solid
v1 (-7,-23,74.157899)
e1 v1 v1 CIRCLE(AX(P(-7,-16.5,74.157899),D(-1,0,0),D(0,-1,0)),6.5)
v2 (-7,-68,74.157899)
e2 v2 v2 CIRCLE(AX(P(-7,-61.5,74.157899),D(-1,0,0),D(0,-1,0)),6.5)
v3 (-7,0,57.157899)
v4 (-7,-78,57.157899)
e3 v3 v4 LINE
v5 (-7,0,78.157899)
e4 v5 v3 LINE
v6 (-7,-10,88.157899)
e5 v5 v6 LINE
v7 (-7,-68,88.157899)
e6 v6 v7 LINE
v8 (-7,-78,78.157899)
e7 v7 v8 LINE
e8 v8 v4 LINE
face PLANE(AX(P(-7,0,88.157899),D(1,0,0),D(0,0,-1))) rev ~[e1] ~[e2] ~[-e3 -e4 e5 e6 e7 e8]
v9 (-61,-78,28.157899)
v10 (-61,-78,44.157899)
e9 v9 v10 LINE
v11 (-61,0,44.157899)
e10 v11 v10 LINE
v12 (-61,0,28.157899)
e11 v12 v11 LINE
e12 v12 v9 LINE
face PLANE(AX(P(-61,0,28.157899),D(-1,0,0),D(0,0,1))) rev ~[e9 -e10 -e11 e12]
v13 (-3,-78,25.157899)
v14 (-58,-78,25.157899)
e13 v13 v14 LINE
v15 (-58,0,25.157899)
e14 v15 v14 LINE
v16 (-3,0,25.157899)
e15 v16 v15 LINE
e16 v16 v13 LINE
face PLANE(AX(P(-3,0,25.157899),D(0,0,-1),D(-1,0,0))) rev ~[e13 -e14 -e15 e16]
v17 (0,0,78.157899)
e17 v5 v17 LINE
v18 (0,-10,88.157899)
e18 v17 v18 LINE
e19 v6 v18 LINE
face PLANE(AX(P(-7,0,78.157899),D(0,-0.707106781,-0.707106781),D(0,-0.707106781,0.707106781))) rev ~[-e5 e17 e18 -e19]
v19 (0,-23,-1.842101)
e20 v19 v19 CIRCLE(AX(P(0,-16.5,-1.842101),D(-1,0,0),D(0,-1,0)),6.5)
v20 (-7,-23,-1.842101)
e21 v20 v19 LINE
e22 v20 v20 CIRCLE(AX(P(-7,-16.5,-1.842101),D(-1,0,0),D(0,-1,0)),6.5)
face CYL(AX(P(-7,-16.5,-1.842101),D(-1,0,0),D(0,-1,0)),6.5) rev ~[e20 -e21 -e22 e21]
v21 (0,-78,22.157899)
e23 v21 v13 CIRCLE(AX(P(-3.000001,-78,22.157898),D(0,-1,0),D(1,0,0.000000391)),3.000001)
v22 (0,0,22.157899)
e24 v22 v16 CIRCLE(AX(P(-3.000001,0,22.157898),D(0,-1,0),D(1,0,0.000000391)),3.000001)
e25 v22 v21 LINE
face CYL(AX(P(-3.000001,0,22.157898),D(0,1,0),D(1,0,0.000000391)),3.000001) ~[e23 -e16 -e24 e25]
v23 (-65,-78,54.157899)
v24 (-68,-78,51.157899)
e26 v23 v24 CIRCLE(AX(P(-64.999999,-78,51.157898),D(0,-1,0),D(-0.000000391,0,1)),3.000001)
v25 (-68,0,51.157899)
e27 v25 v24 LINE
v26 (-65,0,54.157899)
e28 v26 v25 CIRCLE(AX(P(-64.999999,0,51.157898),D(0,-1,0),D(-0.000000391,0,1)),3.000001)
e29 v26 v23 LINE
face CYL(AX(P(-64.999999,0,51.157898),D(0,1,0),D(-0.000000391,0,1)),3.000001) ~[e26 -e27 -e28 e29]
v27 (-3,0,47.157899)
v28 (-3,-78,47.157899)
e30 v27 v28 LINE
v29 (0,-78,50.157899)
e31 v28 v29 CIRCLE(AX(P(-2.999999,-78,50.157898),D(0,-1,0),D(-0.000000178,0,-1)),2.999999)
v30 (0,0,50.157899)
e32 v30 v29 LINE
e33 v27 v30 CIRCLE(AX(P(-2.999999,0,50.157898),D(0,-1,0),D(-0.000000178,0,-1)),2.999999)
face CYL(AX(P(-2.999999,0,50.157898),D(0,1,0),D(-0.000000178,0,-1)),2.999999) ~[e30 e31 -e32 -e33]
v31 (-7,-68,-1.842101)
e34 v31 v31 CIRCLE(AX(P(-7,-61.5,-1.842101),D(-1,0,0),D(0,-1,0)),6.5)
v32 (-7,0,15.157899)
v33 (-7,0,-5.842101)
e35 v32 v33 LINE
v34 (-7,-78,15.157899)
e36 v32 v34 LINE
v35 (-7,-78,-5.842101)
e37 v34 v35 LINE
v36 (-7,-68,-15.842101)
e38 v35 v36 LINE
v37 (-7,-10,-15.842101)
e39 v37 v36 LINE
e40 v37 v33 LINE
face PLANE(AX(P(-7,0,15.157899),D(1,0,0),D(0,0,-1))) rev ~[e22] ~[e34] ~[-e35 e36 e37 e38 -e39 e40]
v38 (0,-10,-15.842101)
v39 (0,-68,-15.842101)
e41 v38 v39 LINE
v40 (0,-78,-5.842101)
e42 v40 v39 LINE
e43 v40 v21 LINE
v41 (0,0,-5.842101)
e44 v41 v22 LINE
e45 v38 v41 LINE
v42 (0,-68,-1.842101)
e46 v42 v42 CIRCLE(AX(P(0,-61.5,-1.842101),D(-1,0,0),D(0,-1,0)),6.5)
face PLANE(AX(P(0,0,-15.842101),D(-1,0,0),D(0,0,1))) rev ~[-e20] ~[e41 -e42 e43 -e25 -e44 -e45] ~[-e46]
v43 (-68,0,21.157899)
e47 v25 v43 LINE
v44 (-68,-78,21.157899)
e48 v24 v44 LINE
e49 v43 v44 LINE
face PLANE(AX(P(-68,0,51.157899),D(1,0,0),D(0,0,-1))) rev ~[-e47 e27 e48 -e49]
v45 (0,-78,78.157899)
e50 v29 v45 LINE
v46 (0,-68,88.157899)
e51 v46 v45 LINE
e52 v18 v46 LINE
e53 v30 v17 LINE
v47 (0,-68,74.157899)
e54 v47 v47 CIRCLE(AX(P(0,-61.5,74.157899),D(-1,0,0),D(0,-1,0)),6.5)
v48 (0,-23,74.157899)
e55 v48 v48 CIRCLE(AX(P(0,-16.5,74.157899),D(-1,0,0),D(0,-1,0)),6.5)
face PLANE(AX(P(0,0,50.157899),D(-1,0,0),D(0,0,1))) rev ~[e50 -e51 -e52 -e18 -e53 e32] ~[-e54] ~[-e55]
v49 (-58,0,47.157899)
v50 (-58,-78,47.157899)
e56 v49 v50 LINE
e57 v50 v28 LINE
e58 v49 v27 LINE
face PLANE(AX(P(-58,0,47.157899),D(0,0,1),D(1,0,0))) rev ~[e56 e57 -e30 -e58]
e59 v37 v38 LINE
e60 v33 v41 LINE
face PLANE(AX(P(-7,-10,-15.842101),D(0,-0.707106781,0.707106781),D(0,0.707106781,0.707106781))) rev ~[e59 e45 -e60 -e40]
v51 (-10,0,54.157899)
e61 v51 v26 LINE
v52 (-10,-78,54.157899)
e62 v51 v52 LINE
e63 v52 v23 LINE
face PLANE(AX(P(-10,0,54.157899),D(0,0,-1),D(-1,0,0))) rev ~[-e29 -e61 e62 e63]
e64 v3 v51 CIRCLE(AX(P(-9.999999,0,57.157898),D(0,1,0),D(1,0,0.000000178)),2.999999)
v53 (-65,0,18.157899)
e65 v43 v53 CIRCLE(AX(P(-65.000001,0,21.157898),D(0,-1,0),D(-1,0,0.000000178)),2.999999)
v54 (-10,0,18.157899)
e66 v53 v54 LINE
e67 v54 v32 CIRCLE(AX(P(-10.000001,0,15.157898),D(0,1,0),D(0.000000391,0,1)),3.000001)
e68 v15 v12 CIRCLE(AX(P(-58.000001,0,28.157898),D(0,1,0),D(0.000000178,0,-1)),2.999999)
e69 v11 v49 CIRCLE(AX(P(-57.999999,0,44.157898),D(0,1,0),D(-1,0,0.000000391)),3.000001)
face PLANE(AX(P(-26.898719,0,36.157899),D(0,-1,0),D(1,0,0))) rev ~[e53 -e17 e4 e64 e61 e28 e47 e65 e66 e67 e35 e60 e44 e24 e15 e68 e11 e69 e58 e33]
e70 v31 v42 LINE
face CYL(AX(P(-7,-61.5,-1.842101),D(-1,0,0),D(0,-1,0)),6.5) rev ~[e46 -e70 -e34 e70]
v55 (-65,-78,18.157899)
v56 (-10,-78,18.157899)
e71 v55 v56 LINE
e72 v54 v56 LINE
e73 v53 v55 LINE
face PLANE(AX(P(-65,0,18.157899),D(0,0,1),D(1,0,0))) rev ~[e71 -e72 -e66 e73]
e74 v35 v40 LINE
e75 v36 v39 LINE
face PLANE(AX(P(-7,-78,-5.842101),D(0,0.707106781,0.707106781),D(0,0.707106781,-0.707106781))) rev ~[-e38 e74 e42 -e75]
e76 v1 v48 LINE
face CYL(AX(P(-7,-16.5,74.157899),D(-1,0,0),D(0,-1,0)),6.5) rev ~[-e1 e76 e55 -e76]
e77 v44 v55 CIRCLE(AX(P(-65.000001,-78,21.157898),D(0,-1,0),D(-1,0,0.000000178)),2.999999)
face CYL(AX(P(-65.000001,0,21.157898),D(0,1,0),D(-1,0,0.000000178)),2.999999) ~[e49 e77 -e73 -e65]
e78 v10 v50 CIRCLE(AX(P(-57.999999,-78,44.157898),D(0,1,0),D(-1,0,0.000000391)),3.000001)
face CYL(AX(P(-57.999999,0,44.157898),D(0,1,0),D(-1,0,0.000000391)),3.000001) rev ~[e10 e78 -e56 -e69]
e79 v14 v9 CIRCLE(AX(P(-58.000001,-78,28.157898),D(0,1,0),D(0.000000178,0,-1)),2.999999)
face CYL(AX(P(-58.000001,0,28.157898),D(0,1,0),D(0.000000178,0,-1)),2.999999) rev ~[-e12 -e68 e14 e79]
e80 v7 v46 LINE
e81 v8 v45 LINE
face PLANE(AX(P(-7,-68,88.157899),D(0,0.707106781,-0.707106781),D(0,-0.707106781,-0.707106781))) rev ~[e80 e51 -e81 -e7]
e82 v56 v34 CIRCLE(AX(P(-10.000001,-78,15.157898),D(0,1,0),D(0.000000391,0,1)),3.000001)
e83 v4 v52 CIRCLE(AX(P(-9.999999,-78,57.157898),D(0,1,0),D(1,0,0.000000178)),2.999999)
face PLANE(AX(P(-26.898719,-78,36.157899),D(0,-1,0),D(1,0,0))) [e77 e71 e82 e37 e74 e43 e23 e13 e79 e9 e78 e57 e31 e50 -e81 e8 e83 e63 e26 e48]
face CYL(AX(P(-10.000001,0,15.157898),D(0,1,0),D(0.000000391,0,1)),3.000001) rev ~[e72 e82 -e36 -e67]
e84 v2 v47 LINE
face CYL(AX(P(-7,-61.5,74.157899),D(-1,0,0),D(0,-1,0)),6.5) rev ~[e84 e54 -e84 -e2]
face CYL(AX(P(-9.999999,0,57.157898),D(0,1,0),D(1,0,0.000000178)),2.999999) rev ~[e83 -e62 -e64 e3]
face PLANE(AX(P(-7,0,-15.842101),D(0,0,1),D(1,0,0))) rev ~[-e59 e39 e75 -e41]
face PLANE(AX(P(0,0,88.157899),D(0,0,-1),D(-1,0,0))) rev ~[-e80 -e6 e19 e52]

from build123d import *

# Parameters (mm, degrees)
F1_DEPTH = 78
F2_R     = 6.5
F3_DEPTH = 25


with BuildPart() as f1:
    # F0 (on Front) → F1 (new body)
    with BuildSketch(Plane.XZ):
        with BuildLine():
            Line((0, 50.157899), (0, 88.157899))
            Line((0, 88.157899), (-7, 88.157899))
            Line((-7, 88.157899), (-7, 57.157899))
            ThreePointArc((-7, 57.157899), (-7.87868, 55.036578), (-10, 54.157899))
            Line((-10, 54.157899), (-65, 54.157899))
            ThreePointArc((-65, 54.157899), (-67.12132, 53.279219), (-68, 51.157899))
            Line((-68, 51.157899), (-68, 21.157899))
            ThreePointArc((-68, 21.157899), (-67.12132, 19.036578), (-65, 18.157899))
            Line((-65, 18.157899), (-10, 18.157899))
            ThreePointArc((-10, 18.157899), (-7.87868, 17.279219), (-7, 15.157899))
            Line((-7, 15.157899), (-7, -15.842101))
            Line((-7, -15.842101), (0, -15.842101))
            Line((0, -15.842101), (0, 22.157899))
            ThreePointArc((0, 22.157899), (-0.87868, 24.279219), (-3, 25.157899))
            Line((-3, 25.157899), (-58, 25.157899))
            ThreePointArc((-58, 25.157899), (-60.12132, 26.036578), (-61, 28.157899))
            Line((-61, 28.157899), (-61, 44.157899))
            ThreePointArc((-61, 44.157899), (-60.12132, 46.279219), (-58, 47.157899))
            Line((-58, 47.157899), (-3, 47.157899))
            ThreePointArc((-3, 47.157899), (-0.87868, 48.036578), (0, 50.157899))
        make_face()
    extrude(amount=F1_DEPTH)

    # F2 (on face) → F3 (cut)
    with BuildSketch(Plane(origin=(-7, 0, 0), x_dir=(0, -1, 0), z_dir=(-1, 0, 0))):
        with Locations((61.5, 74.157899)):
            Circle(F2_R)
        with Locations((16.5, 74.157899)):
            Circle(F2_R)
        with Locations((16.5, -1.842101)):
            Circle(F2_R)
        with Locations((61.5, -1.842101)):
            Circle(F2_R)
        Polygon((78, 88.157899), (68, 88.157899), (78, 78.157899), align=None)
        Polygon((0, 88.157899), (0, 78.157899), (10, 88.157899), align=None)
        Polygon((78, -5.842101), (68, -15.842101), (78, -15.842101), align=None)
        Polygon((0, -15.842101), (10, -15.842101), (0, -5.842101), align=None)
    extrude(amount=-F3_DEPTH, mode=Mode.SUBTRACT)


solid = f1.part
